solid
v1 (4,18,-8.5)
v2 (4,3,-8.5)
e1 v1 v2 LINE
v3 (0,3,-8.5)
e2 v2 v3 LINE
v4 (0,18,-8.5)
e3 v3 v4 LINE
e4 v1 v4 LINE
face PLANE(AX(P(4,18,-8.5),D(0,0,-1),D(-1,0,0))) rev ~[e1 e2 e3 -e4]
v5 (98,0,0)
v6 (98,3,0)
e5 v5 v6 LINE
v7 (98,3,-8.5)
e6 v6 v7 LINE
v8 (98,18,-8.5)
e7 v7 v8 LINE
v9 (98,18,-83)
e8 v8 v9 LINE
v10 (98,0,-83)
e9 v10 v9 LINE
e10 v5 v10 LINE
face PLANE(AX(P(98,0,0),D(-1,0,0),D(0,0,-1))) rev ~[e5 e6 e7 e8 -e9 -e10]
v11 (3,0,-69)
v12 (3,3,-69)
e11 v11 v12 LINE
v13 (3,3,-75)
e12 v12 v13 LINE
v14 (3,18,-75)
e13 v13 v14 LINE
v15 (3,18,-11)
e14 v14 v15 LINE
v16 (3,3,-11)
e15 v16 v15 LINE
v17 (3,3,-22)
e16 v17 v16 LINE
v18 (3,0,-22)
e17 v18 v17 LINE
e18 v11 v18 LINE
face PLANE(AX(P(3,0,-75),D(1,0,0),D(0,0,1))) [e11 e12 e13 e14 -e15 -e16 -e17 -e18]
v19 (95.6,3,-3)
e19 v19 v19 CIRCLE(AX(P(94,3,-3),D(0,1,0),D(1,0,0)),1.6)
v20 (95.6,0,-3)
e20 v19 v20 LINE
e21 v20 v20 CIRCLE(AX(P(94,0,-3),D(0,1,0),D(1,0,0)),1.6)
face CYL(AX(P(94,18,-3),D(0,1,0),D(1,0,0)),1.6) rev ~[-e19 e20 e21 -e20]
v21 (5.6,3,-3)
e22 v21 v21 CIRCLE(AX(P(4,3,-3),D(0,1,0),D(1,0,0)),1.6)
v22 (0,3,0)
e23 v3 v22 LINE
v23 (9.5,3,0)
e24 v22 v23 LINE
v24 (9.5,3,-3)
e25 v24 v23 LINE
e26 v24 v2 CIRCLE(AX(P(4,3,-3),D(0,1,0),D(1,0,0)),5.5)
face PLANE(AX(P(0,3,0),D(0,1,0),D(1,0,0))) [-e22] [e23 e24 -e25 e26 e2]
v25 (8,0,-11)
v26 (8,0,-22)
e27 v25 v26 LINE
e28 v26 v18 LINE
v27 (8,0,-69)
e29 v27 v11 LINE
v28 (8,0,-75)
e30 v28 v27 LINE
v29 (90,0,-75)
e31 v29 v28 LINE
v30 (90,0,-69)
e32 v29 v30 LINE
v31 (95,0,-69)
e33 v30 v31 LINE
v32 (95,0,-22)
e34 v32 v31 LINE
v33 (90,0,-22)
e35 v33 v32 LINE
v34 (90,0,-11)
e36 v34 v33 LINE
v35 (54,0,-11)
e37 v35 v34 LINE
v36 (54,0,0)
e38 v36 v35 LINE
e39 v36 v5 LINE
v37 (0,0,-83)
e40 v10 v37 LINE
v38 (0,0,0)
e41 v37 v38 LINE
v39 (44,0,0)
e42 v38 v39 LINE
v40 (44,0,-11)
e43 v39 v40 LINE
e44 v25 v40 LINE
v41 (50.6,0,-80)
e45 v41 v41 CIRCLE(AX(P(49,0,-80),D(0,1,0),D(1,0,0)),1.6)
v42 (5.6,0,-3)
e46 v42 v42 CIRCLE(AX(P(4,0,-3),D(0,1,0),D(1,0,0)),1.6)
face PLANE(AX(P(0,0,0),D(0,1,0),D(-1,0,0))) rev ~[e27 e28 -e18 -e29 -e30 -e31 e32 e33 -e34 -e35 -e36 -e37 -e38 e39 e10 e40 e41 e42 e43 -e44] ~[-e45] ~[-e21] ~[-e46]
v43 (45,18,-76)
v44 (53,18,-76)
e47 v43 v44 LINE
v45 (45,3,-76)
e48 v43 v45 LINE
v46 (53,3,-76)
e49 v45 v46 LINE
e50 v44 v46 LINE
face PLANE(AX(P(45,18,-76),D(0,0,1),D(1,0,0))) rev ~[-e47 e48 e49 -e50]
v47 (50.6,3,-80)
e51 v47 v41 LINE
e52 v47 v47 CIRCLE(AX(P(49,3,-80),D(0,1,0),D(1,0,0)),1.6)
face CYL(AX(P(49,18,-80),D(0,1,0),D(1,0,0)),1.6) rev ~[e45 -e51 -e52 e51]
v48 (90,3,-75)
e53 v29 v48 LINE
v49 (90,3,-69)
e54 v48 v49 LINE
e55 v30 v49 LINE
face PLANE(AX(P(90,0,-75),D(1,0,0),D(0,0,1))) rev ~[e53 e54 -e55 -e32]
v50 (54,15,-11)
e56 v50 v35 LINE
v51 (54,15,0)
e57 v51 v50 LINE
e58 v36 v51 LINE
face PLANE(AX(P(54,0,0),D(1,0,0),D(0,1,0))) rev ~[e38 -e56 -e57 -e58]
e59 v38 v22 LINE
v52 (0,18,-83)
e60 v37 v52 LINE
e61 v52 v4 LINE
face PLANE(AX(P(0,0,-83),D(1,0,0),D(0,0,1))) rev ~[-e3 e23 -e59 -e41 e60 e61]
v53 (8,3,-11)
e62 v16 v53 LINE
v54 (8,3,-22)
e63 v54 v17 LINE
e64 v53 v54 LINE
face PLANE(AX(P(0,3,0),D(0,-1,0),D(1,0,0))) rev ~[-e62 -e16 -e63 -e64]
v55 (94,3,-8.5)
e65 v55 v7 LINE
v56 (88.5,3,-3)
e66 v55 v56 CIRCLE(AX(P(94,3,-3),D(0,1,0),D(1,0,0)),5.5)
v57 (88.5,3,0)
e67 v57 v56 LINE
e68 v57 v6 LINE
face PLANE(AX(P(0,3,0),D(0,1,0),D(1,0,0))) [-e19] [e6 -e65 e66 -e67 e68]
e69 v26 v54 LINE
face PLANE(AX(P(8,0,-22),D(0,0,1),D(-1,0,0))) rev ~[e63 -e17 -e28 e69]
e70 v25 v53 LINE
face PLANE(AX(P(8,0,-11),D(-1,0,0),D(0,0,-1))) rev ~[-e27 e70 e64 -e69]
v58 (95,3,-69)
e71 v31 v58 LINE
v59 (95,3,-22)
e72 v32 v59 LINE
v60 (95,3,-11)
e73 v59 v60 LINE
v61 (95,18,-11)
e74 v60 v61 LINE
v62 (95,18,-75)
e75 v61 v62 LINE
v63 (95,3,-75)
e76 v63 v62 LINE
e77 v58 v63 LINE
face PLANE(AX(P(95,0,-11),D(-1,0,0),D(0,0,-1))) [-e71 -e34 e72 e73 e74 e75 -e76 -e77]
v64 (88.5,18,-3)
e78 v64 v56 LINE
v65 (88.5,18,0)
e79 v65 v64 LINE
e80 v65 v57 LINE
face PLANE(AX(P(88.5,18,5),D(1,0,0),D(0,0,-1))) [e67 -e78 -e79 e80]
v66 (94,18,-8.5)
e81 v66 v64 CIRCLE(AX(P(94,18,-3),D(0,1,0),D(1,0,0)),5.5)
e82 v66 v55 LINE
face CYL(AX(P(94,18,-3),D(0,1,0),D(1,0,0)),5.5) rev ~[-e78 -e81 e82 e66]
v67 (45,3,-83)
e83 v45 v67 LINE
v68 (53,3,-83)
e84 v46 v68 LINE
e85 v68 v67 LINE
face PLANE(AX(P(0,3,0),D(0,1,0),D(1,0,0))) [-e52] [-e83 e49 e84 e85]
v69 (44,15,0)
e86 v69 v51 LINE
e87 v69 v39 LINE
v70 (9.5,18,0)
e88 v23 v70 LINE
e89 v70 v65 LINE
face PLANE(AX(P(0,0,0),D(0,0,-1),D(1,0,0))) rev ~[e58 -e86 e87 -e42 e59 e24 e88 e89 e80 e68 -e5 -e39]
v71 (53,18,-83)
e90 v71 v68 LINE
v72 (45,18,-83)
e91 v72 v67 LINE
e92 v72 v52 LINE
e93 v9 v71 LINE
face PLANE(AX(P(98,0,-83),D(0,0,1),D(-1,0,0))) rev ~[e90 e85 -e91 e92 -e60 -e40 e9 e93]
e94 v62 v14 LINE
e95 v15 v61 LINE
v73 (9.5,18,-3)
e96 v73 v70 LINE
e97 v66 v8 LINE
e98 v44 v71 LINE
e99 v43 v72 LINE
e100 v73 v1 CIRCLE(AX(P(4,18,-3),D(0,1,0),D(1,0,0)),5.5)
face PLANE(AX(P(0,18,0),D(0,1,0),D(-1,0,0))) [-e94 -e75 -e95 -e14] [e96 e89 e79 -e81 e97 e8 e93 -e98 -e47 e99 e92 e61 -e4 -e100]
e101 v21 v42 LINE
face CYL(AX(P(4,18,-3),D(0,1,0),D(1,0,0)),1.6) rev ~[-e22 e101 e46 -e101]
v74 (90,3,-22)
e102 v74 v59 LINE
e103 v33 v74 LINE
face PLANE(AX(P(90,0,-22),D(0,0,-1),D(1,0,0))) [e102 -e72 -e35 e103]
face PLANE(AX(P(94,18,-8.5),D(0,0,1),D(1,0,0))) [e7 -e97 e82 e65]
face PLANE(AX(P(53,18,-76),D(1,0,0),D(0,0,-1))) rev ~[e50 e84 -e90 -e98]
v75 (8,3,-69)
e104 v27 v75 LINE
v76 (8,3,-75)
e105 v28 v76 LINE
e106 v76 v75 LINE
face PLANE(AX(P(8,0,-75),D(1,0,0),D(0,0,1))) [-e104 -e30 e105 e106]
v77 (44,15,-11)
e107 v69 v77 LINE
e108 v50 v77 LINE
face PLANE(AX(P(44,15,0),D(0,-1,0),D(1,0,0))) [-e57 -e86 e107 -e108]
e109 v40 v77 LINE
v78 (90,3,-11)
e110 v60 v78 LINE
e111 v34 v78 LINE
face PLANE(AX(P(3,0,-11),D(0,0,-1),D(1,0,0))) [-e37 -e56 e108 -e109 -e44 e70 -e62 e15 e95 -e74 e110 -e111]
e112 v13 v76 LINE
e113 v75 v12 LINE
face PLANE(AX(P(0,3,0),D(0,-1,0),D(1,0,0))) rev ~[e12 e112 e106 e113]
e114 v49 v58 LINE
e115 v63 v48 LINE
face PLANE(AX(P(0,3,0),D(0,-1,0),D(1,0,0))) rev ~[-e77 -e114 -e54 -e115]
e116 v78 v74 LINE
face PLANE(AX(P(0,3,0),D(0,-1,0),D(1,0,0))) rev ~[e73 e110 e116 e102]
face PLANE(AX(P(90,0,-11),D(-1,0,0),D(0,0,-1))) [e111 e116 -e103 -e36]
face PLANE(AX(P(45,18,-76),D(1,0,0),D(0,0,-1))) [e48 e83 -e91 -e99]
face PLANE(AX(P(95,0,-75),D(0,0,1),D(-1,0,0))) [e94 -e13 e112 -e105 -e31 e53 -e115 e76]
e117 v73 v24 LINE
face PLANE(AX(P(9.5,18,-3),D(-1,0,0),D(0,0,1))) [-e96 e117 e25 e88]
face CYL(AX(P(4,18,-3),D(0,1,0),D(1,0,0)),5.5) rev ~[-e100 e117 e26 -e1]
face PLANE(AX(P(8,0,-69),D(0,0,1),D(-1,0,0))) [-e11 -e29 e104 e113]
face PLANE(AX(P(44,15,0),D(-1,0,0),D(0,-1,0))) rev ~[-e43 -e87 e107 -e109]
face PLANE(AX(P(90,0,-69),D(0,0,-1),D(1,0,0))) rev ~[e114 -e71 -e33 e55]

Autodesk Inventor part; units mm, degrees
ref_plane "YZ Plane" through (0, 0, 0) normal (1, 0, 0) x (0, 1, 0)
ref_plane "XZ Plane" through (0, 0, 0) normal (0, 1, 0) x (-1, 0, 0)
ref_plane "XY Plane" through (0, 0, 0) normal (0, 0, 1) x (1, 0, 0)
sketch "Szkic1" plane through (0, 0, 0) normal (0, 1, 0) x (-1, 0, 0)
  line L0 (0, 0) -> (-98, 0)
  line L1 (-98, 0) -> (-98, -83)
  line L2 (-98, -83) -> (0, -83)
  line L3 (0, -83) -> (0, 0)
  line L4 (-3, -11) -> (-95, -11)
  line L5 (-95, -11) -> (-95, -75)
  line L6 (-95, -75) -> (-3, -75)
  line L7 (-3, -75) -> (-3, -11)
  dimension "d0" = 83
  dimension "d1" = 98
  dimension "d2" = 92
  dimension "d3" = 3
  dimension "d4" = 8
  dimension "d5" = 64
extrude "Wyciągnięcie proste1" add sketch "Szkic1" along normal blind 18
sketch "Szkic2" plane through (0, 0, 0) normal (0, 0, 1) x (1, 0, 0)
  line L0 (0, 0) -> (49, 0) construction
  line L1 (49, 0) -> (49, 15) construction
  line L2 (44, 15) -> (54, 15)
  line L3 (44, 15) -> (44, 0)
  line L4 (44, 0) -> (54, 0)
  line L5 (54, 0) -> (54, 15)
  dimension "d8" = 15
  dimension "d9" = 49
  dimension "d64" = 10
sketch "Szkic3" plane through (0, 18, 0) normal (0, 1, 0) x (1, 0, 0)
  line L0 (0, 0) -> (0, 83) construction
  line L1 (0, 83) -> (49, 83) construction
  line L2 (49, 83) -> (49, 80) construction
  line L3 (49, 80) -> (49, 76) construction
  circle A0 centre (49, 80) radius 1.6
  line L4 (45, 76) -> (53, 76)
  line L5 (45, 76) -> (45, 83)
  line L6 (53, 76) -> (53, 83)
  line L7 (53, 83) -> (45, 83)
  dimension "d20" = 3
  dimension "d21" = 4
  dimension "d22" = 49
  dimension "d23" = 83
  dimension "d24" = 3.2
  dimension "d25" = 8
extrude "Wyciągnięcie proste3" cut sketch "Szkic3" against normal blind 15 contours A0 | L5 L7 L6 L4
extrude "Wyciągnięcie proste4" cut sketch "Szkic3" against normal through all contours A0
sketch "Szkic4" plane through (0, 18, 0) normal (0, 1, 0) x (1, 0, 0)
  line L0 (0, 0) -> (0, 3)
  line L1 (0, 3) -> (4, 3)
  circle A0 centre (4, 3) radius 1.6
  circle A1 centre (4, 3) radius 5.5
  line L2 (9.5, 3) -> (9.5, -5)
  line L3 (4, 8.5) -> (-4, 8.5)
  line L4 (-4, 8.5) -> (-4, -5)
  line L5 (-4, -5) -> (9.5, -5)
  line L6 (0, 0) -> (98, 0) construction
  line L7 (98, 0) -> (98, 3) construction
  line L8 (98, 3) -> (94, 3) construction
  circle A2 centre (94, 3) radius 1.6
  circle A3 centre (94, 3) radius 5.5
  line L9 (94, 8.5) -> (102, 8.5)
  line L10 (102, 8.5) -> (102, -5)
  line L11 (102, -5) -> (88.5, -5)
  line L12 (88.5, -5) -> (88.5, 3)
  dimension "d30" = 4
  dimension "d31" = 3
  dimension "d32" = 3.2
  dimension "d33" = 11
  dimension "d34" = 8
  dimension "d35" = 8
  dimension "d36" = 98
  dimension "d37" = 3
  dimension "d38" = 4
  dimension "d39" = 11
  dimension "d40" = 3.2
  dimension "d41" = 8
  dimension "d42" = 8
extrude "Wyciągnięcie proste5" cut sketch "Szkic4" against normal blind 15 contours A0 | A1 | L2 L5 L4 L3 A1 | A2 | A3 | A3 L9 L10 L11 L12
extrude "Wyciągnięcie proste6" cut sketch "Szkic4" against normal through all contours A0 | A2
sketch "Szkic5" plane through (0, 0, 0) normal (0, -1, 0) x (1, 0, 0)
  line L0 (0, 0) -> (0, -11) construction
  line L1 (0, -11) -> (0, -75) construction
  line L2 (0, -75) -> (3, -75) construction
  line L3 (0, -11) -> (3, -11) construction
  line L4 (0, 0) -> (98, 0) construction
  line L5 (98, 0) -> (98, -11) construction
  line L6 (98, -11) -> (95, -11) construction
  line L7 (98, -11) -> (98, -75) construction
  line L8 (98, -75) -> (95, -75) construction
  line L9 (3, -11) -> (8, -11)
  line L10 (8, -11) -> (8, -22)
  line L11 (8, -22) -> (3, -22)
  line L12 (3, -22) -> (3, -11)
  line L13 (3, -75) -> (8, -75)
  line L14 (8, -75) -> (8, -69)
  line L15 (8, -69) -> (3, -69)
  line L16 (3, -69) -> (3, -75)
  line L17 (95, -11) -> (90, -11)
  line L18 (90, -11) -> (90, -22)
  line L19 (90, -22) -> (95, -22)
  line L20 (95, -22) -> (95, -11)
  line L21 (95, -75) -> (90, -75)
  line L22 (90, -75) -> (90, -69)
  line L23 (90, -69) -> (95, -69)
  line L24 (95, -69) -> (95, -75)
  dimension "d47" = 3
  dimension "d48" = 3
  dimension "d49" = 11
  dimension "d50" = 64
  dimension "d51" = 98
  dimension "d52" = 11
  dimension "d53" = 3
  dimension "d54" = 3
  dimension "d55" = 64
  dimension "d56" = 11
  dimension "d57" = 5
  dimension "d58" = 6
  dimension "d59" = 5
  dimension "d60" = 6
  dimension "d61" = 11
extrude "Wyciągnięcie proste7" add sketch "Szkic5" against normal blind 3
extrude "Wyciągnięcie proste8" cut sketch "Szkic2" against normal blind 15
